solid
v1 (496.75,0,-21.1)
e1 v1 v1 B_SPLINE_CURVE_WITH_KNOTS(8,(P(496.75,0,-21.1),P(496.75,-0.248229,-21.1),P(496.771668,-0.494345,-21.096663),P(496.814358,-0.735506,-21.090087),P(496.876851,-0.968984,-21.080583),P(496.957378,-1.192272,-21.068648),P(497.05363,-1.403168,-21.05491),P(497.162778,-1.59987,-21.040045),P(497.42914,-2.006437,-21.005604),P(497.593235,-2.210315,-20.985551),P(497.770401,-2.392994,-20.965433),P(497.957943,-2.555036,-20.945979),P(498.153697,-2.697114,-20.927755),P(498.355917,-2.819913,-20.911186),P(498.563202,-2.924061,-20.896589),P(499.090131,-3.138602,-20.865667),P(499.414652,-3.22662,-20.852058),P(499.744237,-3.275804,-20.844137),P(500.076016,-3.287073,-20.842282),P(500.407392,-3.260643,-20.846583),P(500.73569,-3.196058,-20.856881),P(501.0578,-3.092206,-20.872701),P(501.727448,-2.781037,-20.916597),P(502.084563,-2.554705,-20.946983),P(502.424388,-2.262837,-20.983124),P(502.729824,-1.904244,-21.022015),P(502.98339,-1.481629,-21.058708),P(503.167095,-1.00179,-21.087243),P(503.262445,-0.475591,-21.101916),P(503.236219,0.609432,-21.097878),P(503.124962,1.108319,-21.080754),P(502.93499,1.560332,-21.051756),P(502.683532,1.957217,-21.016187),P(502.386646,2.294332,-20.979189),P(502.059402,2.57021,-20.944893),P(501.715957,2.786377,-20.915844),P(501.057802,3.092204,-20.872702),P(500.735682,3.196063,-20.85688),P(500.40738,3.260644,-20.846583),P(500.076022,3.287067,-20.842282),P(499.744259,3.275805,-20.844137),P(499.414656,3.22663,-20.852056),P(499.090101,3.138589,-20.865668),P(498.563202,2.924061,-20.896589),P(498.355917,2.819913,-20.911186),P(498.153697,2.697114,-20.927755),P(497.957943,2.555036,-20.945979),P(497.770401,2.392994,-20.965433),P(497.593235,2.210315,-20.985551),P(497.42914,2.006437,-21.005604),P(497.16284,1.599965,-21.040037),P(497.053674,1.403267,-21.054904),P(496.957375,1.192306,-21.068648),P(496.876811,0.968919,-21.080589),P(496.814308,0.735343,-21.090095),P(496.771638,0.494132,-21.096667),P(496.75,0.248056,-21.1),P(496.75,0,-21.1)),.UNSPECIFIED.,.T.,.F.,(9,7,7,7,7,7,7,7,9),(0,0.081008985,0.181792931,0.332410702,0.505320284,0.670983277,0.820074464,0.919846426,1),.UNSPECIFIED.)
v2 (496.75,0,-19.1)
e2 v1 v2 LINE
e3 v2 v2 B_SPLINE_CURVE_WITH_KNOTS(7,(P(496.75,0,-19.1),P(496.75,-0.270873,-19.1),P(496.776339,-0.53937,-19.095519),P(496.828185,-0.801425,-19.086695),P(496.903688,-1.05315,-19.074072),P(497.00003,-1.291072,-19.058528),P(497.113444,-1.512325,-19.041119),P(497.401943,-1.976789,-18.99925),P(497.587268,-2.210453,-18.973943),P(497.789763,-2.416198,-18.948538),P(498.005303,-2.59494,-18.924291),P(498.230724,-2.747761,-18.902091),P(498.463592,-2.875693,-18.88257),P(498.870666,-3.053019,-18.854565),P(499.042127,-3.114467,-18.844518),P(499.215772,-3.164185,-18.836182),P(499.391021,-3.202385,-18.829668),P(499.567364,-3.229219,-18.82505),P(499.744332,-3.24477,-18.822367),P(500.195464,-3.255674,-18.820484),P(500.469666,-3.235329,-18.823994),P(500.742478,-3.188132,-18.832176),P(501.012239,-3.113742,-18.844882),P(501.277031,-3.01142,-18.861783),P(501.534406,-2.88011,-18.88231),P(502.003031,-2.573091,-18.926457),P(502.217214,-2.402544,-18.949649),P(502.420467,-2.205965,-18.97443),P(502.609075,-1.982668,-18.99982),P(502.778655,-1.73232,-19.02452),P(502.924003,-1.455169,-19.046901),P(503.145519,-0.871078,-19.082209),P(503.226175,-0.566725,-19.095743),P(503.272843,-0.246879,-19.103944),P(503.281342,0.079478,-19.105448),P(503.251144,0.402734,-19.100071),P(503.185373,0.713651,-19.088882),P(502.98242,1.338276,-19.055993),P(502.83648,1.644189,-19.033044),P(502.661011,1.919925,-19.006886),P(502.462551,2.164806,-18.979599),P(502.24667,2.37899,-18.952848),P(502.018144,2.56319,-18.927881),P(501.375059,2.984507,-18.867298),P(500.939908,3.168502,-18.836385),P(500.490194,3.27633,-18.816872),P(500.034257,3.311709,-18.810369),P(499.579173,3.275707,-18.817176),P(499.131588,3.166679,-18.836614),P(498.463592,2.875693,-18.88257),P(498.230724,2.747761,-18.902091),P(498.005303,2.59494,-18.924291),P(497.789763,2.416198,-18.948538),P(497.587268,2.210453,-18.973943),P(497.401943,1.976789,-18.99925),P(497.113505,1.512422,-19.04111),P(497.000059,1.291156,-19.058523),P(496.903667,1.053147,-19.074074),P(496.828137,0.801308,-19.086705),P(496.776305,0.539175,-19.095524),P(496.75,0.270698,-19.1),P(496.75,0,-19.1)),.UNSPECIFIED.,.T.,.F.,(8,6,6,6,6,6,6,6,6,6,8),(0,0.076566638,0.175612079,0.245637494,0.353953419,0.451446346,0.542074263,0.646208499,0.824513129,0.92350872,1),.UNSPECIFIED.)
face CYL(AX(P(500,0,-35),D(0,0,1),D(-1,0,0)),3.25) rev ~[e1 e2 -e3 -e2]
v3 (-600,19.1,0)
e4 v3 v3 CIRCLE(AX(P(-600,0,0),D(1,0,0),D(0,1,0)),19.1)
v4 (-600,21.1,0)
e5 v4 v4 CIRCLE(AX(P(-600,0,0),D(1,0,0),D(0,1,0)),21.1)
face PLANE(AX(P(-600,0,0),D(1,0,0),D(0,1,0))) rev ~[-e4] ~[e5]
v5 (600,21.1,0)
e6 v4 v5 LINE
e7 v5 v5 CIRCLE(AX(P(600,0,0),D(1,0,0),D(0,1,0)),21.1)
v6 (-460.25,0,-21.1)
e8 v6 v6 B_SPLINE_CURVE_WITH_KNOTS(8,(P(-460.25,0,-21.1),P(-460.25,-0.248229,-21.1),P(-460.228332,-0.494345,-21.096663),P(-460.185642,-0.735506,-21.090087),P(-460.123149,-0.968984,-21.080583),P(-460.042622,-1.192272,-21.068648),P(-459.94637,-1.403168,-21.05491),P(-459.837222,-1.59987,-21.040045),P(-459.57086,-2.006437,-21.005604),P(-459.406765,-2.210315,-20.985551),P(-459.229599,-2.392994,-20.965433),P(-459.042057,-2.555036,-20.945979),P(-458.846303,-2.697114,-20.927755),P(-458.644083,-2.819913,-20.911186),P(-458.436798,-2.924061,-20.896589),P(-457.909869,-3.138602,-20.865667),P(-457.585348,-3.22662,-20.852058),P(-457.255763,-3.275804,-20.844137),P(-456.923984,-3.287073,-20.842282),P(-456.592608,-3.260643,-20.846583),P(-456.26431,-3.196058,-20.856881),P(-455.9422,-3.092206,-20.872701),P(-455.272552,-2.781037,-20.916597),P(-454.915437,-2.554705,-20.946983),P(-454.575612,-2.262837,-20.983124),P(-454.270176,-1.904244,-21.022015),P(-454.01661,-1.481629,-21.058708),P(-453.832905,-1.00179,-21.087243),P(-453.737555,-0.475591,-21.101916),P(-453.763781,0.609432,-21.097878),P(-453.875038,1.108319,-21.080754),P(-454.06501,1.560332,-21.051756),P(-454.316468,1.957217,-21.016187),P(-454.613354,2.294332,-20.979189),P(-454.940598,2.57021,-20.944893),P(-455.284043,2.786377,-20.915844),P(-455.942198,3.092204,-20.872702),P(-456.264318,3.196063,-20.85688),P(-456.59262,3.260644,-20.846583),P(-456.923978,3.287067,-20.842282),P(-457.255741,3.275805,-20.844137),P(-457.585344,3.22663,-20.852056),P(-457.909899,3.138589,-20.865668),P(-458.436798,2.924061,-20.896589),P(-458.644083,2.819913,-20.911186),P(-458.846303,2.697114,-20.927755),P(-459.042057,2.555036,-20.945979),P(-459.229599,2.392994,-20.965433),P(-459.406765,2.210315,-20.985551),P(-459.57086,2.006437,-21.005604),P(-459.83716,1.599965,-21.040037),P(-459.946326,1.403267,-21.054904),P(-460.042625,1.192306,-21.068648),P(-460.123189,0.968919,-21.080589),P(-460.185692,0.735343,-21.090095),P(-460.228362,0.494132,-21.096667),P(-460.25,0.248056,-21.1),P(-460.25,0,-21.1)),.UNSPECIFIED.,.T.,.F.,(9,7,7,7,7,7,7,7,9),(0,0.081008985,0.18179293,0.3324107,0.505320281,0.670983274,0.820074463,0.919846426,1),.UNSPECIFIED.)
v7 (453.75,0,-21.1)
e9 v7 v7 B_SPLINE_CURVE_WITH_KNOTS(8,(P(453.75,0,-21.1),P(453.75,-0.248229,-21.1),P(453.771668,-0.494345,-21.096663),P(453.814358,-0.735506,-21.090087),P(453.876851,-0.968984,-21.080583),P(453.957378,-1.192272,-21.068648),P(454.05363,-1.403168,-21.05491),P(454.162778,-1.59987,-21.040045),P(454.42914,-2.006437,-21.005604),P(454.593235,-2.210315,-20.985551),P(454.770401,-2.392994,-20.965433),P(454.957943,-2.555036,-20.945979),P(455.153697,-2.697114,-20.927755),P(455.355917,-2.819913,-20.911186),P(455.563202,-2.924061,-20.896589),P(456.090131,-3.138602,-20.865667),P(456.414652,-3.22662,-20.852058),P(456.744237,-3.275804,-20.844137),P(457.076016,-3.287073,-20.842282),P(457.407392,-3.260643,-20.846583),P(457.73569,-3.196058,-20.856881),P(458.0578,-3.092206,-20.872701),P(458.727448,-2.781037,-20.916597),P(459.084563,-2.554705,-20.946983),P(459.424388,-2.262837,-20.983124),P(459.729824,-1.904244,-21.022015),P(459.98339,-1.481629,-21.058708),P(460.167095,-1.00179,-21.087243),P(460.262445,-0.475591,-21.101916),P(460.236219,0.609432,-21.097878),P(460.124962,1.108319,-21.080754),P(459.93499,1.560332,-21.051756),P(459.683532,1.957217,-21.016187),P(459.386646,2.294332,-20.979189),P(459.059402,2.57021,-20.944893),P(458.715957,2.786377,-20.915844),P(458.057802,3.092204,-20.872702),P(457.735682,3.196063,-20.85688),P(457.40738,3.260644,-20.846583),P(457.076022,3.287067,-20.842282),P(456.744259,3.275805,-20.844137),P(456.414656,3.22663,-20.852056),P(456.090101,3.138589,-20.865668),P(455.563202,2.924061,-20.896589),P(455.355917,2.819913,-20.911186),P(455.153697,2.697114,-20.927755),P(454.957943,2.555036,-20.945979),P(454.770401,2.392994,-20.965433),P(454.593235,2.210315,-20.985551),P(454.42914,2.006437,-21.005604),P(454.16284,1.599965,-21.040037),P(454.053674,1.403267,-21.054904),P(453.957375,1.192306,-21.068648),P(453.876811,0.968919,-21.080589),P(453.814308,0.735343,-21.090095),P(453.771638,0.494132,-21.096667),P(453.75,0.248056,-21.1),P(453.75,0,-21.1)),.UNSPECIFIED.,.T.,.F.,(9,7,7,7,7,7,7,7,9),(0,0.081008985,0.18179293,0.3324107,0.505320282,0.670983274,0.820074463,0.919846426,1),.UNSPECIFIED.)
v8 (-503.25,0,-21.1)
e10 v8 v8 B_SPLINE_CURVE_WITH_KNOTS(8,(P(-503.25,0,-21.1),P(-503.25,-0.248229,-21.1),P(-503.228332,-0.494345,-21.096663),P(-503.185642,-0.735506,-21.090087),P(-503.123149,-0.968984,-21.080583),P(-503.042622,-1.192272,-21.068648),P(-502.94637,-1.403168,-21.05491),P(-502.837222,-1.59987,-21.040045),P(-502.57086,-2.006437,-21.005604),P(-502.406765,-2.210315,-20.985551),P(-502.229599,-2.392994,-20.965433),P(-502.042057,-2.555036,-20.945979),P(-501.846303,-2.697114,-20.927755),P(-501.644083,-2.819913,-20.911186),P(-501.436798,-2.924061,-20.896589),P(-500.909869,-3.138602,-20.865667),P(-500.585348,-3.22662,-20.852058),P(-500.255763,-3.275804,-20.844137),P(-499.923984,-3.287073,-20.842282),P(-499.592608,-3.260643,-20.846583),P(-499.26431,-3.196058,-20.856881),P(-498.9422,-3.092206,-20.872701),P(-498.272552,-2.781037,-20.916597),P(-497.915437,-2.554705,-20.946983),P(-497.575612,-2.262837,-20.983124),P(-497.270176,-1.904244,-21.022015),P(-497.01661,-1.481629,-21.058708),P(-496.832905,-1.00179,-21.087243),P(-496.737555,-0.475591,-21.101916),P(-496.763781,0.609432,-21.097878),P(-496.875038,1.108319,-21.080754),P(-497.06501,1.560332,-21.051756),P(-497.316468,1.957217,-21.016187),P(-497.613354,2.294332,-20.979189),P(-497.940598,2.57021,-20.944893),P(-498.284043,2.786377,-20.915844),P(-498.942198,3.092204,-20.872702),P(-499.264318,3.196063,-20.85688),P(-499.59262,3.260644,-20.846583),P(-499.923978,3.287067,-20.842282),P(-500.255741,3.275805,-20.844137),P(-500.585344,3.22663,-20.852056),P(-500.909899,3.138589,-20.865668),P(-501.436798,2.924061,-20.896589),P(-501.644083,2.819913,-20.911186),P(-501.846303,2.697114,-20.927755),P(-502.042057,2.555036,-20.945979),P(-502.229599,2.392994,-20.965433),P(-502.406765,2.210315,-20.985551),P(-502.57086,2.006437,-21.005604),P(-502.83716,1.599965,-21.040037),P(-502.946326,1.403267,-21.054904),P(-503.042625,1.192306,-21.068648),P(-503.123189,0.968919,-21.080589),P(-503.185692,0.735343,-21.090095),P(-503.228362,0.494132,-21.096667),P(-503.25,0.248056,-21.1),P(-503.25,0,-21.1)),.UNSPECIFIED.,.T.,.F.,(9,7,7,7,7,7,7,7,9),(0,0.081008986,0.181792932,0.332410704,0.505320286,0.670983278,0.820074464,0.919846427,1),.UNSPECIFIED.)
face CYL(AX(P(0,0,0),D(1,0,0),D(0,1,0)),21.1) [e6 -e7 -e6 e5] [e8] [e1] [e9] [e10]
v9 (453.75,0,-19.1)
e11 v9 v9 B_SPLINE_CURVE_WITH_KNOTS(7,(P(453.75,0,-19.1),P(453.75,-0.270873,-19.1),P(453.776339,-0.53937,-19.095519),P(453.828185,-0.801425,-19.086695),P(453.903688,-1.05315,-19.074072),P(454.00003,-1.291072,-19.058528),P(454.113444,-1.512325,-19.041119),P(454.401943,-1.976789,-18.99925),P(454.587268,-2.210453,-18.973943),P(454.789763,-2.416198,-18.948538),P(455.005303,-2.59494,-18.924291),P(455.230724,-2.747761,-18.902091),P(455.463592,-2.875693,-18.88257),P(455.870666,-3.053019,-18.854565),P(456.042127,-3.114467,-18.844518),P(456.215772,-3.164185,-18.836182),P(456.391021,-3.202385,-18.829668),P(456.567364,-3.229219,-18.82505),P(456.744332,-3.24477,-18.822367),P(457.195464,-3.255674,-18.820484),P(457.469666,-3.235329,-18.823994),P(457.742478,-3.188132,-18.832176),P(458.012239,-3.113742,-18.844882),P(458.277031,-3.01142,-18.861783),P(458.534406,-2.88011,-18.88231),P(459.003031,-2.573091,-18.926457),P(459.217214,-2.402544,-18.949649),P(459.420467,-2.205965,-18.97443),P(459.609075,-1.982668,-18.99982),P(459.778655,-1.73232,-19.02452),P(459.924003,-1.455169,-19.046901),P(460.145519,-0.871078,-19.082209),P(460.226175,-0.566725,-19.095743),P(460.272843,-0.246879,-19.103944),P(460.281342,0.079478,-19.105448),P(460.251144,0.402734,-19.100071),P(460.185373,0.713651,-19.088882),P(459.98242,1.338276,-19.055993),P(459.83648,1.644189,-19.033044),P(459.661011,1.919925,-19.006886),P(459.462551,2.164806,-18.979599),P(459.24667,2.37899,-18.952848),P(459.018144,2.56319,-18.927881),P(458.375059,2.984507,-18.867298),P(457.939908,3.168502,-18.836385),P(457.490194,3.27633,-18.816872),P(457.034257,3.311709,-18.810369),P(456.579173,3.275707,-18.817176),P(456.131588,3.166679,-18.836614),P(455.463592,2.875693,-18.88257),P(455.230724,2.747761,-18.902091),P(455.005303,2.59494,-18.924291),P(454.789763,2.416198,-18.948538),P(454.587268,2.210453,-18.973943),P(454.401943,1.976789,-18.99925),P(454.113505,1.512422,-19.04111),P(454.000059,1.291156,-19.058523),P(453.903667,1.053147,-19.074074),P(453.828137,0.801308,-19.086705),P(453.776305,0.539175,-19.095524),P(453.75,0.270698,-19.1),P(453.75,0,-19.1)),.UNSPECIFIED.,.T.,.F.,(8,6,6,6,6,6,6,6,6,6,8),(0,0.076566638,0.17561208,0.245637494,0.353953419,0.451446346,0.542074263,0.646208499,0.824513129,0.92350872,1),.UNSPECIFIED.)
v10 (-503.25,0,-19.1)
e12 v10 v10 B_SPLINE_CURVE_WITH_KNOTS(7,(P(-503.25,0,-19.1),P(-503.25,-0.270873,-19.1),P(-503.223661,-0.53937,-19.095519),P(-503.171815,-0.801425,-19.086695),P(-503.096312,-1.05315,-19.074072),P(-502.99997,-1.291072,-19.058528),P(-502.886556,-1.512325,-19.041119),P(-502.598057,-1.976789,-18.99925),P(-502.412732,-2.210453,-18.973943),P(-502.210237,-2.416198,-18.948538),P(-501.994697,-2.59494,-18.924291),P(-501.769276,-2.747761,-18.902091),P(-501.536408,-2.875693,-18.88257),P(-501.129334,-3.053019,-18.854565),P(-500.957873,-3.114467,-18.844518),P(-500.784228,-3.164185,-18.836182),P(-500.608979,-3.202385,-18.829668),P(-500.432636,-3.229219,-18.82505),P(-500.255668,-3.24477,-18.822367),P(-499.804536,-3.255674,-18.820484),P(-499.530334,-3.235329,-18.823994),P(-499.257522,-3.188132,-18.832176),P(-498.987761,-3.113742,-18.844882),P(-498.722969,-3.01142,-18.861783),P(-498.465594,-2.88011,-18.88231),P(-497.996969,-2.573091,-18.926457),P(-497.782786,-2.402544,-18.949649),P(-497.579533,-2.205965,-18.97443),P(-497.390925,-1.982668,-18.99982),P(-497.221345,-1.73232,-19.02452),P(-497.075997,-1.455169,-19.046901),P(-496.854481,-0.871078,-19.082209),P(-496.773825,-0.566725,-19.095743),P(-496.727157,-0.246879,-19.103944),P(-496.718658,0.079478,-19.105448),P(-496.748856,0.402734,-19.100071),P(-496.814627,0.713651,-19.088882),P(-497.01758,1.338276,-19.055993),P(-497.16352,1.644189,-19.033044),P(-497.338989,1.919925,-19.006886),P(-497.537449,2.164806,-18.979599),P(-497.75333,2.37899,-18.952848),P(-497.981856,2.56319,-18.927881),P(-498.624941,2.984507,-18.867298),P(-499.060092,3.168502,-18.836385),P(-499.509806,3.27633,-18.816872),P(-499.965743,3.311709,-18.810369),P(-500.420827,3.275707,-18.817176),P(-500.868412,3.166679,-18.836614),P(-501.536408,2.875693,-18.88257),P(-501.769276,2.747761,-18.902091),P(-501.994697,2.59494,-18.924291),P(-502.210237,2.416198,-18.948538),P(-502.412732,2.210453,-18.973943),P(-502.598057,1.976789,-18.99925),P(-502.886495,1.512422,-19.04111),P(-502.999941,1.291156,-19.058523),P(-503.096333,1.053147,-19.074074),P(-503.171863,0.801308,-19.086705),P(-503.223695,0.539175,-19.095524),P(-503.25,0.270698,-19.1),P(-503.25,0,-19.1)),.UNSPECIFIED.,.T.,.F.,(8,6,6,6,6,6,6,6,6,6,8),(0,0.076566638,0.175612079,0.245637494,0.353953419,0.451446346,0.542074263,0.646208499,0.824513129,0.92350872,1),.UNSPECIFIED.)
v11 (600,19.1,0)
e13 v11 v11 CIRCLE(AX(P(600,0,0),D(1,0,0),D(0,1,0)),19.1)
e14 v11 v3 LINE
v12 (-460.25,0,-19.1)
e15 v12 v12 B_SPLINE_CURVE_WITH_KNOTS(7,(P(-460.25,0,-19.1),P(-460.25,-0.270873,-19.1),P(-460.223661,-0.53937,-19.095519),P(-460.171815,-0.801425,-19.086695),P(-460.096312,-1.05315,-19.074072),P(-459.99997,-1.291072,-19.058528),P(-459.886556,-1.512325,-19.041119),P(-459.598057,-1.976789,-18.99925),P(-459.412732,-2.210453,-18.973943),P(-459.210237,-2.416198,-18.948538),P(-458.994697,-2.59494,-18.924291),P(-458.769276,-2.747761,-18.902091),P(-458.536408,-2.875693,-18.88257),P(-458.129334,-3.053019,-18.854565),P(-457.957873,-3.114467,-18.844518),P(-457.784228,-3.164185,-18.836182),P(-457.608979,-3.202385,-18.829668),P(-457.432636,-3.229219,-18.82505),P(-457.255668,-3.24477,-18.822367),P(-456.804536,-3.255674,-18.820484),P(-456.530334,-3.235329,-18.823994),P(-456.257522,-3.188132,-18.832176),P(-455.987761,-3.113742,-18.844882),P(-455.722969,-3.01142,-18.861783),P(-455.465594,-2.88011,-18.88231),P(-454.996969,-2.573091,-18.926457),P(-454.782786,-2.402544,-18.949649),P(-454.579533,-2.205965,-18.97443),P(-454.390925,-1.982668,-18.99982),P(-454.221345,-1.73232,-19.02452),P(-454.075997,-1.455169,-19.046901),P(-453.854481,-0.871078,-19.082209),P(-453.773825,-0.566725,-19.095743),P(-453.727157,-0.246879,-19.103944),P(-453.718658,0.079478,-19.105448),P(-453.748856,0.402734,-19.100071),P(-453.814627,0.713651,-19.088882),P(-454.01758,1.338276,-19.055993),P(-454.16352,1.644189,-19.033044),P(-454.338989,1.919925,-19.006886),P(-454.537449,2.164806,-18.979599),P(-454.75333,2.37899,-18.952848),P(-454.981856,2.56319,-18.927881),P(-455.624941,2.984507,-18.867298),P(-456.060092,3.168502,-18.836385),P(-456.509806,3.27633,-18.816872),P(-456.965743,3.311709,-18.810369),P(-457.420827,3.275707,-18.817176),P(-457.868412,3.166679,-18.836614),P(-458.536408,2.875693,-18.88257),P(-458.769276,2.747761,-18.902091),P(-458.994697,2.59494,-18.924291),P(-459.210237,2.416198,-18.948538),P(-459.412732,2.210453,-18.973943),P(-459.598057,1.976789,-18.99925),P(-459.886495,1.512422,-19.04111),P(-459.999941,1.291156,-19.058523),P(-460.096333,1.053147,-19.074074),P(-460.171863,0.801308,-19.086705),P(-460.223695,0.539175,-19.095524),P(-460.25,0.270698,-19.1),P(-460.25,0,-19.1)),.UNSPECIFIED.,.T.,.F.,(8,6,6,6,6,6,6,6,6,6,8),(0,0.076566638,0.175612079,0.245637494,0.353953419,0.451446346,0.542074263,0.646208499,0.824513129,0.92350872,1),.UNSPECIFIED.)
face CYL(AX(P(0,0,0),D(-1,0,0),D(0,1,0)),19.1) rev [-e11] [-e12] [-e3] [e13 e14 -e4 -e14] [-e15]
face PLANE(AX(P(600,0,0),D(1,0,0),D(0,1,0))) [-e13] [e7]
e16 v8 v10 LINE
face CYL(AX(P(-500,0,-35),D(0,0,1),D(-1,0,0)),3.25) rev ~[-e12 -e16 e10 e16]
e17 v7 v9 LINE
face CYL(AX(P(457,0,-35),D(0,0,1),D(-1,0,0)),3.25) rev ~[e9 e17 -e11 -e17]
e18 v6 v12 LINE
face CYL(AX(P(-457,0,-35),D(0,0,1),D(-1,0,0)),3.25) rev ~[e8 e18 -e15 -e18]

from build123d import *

# Parameters (mm, degrees)
F0_R     = 21.1
F0_R_2   = 19.1
F1_DEPTH = 600
F4_D     = 6.5
F4_DEPTH = 10


with BuildPart() as f1:
    # F0 (on Right) → F1 (new body, symmetric)
    with BuildSketch(Plane.YZ):
        Circle(F0_R)
        Circle(F0_R_2, mode=Mode.SUBTRACT)
    extrude(amount=F1_DEPTH, both=True)

    # F4
    with Locations(Plane(origin=(0, 0, -25), x_dir=(1, 0, 0), z_dir=(0, 0, -1))):
        with Locations((-500, 0), (-457, 0), (457, 0), (500, 0)):
            Hole(F4_D / 2, depth=F4_DEPTH)


solid = f1.part
